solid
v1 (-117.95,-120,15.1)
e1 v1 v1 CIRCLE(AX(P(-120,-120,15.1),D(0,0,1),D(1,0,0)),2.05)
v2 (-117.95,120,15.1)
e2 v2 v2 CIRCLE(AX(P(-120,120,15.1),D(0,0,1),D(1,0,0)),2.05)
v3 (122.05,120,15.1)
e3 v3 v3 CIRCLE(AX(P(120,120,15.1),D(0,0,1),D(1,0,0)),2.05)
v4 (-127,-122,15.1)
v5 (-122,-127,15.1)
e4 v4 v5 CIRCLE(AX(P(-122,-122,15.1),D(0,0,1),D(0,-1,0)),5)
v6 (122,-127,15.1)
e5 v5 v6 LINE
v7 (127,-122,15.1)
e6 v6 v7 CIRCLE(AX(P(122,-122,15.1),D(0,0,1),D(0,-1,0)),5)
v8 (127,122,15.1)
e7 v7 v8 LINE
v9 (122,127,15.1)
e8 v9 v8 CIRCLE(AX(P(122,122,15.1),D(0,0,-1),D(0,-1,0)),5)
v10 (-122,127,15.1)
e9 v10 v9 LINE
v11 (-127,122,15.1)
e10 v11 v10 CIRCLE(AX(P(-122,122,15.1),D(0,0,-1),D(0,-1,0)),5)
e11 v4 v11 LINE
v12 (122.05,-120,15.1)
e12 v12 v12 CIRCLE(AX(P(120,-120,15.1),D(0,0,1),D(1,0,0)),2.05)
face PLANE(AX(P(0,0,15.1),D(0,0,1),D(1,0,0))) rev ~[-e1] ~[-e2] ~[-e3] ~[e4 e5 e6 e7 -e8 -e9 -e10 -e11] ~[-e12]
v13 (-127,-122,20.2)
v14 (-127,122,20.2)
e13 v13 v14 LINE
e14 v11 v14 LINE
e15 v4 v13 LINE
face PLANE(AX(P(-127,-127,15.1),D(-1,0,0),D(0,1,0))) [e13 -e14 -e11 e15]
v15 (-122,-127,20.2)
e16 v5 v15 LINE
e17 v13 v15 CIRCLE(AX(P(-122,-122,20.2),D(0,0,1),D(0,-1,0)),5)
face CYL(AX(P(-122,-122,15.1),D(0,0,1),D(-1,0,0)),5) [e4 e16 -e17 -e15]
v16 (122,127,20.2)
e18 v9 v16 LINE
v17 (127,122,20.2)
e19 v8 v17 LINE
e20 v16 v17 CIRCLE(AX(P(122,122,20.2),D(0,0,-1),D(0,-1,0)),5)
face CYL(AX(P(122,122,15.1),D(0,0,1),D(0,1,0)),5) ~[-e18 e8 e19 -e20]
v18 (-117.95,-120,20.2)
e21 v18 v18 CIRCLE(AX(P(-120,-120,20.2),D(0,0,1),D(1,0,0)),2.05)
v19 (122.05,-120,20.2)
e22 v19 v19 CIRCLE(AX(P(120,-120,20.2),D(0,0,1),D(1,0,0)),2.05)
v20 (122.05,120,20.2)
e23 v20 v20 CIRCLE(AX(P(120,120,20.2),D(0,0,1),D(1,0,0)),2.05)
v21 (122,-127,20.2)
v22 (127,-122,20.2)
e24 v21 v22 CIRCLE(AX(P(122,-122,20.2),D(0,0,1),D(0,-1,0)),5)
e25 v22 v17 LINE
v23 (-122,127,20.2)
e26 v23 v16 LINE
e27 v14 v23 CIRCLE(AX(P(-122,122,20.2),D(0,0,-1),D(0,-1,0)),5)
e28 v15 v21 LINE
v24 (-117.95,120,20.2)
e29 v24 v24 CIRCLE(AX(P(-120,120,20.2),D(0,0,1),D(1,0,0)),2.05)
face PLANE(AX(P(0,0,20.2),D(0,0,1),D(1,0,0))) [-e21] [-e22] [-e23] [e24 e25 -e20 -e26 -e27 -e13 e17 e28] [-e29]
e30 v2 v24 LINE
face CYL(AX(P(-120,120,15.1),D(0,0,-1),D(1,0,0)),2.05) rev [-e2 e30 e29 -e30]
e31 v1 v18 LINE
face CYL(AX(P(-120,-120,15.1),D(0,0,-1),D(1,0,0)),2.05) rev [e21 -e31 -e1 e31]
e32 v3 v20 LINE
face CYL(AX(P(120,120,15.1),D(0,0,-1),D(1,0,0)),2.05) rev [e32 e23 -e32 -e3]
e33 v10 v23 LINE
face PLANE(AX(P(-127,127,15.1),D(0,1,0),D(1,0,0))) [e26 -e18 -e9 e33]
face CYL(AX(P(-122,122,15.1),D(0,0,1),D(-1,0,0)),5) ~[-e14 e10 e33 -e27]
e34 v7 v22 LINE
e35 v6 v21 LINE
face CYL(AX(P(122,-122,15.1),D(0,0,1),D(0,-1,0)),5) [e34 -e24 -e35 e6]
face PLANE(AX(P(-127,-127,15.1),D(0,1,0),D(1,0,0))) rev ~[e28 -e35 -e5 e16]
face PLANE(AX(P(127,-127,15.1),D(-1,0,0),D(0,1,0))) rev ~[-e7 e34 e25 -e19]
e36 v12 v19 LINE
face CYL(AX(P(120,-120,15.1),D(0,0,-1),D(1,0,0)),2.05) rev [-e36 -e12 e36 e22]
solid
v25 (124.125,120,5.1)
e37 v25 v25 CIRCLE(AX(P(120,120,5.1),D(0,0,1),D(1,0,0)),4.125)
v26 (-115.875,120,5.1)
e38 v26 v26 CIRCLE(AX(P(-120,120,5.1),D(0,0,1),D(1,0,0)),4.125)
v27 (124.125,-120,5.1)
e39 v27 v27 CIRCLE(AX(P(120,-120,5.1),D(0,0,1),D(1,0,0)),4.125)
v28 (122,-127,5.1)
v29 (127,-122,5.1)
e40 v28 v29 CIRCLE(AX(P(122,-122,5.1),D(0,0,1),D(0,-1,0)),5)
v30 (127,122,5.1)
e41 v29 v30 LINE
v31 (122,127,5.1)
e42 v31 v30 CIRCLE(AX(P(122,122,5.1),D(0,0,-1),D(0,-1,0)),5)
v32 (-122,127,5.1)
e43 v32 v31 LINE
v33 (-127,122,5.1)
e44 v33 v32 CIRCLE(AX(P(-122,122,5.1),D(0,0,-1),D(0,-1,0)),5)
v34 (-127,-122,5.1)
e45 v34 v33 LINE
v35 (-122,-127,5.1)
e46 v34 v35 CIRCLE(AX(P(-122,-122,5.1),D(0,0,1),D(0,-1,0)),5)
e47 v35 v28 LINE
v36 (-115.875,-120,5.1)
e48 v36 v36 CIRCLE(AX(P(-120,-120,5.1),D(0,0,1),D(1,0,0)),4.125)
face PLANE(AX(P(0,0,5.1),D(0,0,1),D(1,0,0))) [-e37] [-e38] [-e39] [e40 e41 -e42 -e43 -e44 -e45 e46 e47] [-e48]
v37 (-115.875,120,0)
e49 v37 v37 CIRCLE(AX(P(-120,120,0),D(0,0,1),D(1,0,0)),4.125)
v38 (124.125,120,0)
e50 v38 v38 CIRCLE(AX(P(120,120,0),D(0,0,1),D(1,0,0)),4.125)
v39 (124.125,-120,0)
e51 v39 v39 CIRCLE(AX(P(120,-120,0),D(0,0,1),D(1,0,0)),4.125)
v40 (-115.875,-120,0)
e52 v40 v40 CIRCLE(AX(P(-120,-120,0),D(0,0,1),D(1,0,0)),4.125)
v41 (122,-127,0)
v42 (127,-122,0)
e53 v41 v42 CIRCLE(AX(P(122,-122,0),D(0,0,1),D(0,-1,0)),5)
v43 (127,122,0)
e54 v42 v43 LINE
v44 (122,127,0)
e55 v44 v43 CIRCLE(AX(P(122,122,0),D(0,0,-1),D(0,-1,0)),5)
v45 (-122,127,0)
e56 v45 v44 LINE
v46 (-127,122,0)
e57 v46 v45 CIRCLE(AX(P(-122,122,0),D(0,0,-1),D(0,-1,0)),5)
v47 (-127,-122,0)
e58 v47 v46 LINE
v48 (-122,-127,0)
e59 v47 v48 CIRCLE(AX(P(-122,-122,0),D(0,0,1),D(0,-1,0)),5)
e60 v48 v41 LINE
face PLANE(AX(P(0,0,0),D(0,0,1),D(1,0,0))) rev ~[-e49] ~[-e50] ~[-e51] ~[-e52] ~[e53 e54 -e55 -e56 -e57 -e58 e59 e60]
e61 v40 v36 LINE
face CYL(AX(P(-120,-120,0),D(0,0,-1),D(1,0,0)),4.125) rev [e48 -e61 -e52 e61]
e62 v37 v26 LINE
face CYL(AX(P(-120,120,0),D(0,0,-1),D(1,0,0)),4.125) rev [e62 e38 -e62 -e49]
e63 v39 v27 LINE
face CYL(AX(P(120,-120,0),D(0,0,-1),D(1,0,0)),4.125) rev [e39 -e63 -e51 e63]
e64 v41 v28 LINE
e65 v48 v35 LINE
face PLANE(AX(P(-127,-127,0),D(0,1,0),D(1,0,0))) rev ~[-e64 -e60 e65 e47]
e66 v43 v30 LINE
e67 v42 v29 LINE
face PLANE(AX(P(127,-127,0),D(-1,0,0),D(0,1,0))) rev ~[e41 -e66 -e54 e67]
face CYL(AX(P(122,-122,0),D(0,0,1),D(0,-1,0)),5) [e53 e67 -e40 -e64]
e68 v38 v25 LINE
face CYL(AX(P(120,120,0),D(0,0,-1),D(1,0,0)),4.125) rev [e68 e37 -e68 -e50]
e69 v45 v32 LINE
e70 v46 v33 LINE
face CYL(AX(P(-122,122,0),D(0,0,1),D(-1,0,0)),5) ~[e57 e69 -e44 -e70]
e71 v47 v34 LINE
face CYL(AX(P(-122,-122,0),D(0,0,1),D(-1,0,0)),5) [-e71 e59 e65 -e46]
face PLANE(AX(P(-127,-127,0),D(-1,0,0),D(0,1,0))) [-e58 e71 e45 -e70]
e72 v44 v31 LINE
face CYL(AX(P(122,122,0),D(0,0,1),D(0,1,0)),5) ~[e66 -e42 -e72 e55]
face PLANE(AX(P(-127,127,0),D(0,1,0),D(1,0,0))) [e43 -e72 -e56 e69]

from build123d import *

# Parameters (mm, degrees)
F0_W     = 254
F0_H     = 254
F0_R     = 4.125
F1_DEPTH = 5.1
F3_W     = 254
F3_H     = 254
F3_R     = 2.05
F4_DEPTH = 5.1
F5_R     = 5
F6_R     = 5


with BuildPart() as f1:
    # F0 (on Top) → F1 (new body)
    with BuildSketch(Plane.XY):
        Rectangle(F0_W, F0_H)
        with Locations((-120, -120)):
            Circle(F0_R, mode=Mode.SUBTRACT)
        with Locations((120, -120)):
            Circle(F0_R, mode=Mode.SUBTRACT)
        with Locations((-120, 120)):
            Circle(F0_R, mode=Mode.SUBTRACT)
        with Locations((120, 120)):
            Circle(F0_R, mode=Mode.SUBTRACT)
    extrude(amount=F1_DEPTH)

    # F5
    f5_edges = [f1.edges().sort_by_distance(p)[0] for p in [
        (-127, 127, 2.55),
        (127, 127, 2.55),
        (127, -127, 2.55),
        (-127, -127, 2.55),
    ]]
    fillet(f5_edges, radius=F5_R)


with BuildPart() as f4:
    # F3 (on offset) → F4 (new body)
    with BuildSketch(Plane.XY.offset(15.1)):
        Rectangle(F3_W, F3_H)
        with Locations((-120, -120)):
            Circle(F3_R, mode=Mode.SUBTRACT)
        with Locations((120, -120)):
            Circle(F3_R, mode=Mode.SUBTRACT)
        with Locations((-120, 120)):
            Circle(F3_R, mode=Mode.SUBTRACT)
        with Locations((120, 120)):
            Circle(F3_R, mode=Mode.SUBTRACT)
    extrude(amount=F4_DEPTH)

    # F6
    f6_edges = [f4.edges().sort_by_distance(p)[0] for p in [
        (-127, -127, 17.65),
        (127, -127, 17.65),
        (127, 127, 17.65),
        (-127, 127, 17.65),
    ]]
    fillet(f6_edges, radius=F6_R)


solid = Compound([f1.part, f4.part])
